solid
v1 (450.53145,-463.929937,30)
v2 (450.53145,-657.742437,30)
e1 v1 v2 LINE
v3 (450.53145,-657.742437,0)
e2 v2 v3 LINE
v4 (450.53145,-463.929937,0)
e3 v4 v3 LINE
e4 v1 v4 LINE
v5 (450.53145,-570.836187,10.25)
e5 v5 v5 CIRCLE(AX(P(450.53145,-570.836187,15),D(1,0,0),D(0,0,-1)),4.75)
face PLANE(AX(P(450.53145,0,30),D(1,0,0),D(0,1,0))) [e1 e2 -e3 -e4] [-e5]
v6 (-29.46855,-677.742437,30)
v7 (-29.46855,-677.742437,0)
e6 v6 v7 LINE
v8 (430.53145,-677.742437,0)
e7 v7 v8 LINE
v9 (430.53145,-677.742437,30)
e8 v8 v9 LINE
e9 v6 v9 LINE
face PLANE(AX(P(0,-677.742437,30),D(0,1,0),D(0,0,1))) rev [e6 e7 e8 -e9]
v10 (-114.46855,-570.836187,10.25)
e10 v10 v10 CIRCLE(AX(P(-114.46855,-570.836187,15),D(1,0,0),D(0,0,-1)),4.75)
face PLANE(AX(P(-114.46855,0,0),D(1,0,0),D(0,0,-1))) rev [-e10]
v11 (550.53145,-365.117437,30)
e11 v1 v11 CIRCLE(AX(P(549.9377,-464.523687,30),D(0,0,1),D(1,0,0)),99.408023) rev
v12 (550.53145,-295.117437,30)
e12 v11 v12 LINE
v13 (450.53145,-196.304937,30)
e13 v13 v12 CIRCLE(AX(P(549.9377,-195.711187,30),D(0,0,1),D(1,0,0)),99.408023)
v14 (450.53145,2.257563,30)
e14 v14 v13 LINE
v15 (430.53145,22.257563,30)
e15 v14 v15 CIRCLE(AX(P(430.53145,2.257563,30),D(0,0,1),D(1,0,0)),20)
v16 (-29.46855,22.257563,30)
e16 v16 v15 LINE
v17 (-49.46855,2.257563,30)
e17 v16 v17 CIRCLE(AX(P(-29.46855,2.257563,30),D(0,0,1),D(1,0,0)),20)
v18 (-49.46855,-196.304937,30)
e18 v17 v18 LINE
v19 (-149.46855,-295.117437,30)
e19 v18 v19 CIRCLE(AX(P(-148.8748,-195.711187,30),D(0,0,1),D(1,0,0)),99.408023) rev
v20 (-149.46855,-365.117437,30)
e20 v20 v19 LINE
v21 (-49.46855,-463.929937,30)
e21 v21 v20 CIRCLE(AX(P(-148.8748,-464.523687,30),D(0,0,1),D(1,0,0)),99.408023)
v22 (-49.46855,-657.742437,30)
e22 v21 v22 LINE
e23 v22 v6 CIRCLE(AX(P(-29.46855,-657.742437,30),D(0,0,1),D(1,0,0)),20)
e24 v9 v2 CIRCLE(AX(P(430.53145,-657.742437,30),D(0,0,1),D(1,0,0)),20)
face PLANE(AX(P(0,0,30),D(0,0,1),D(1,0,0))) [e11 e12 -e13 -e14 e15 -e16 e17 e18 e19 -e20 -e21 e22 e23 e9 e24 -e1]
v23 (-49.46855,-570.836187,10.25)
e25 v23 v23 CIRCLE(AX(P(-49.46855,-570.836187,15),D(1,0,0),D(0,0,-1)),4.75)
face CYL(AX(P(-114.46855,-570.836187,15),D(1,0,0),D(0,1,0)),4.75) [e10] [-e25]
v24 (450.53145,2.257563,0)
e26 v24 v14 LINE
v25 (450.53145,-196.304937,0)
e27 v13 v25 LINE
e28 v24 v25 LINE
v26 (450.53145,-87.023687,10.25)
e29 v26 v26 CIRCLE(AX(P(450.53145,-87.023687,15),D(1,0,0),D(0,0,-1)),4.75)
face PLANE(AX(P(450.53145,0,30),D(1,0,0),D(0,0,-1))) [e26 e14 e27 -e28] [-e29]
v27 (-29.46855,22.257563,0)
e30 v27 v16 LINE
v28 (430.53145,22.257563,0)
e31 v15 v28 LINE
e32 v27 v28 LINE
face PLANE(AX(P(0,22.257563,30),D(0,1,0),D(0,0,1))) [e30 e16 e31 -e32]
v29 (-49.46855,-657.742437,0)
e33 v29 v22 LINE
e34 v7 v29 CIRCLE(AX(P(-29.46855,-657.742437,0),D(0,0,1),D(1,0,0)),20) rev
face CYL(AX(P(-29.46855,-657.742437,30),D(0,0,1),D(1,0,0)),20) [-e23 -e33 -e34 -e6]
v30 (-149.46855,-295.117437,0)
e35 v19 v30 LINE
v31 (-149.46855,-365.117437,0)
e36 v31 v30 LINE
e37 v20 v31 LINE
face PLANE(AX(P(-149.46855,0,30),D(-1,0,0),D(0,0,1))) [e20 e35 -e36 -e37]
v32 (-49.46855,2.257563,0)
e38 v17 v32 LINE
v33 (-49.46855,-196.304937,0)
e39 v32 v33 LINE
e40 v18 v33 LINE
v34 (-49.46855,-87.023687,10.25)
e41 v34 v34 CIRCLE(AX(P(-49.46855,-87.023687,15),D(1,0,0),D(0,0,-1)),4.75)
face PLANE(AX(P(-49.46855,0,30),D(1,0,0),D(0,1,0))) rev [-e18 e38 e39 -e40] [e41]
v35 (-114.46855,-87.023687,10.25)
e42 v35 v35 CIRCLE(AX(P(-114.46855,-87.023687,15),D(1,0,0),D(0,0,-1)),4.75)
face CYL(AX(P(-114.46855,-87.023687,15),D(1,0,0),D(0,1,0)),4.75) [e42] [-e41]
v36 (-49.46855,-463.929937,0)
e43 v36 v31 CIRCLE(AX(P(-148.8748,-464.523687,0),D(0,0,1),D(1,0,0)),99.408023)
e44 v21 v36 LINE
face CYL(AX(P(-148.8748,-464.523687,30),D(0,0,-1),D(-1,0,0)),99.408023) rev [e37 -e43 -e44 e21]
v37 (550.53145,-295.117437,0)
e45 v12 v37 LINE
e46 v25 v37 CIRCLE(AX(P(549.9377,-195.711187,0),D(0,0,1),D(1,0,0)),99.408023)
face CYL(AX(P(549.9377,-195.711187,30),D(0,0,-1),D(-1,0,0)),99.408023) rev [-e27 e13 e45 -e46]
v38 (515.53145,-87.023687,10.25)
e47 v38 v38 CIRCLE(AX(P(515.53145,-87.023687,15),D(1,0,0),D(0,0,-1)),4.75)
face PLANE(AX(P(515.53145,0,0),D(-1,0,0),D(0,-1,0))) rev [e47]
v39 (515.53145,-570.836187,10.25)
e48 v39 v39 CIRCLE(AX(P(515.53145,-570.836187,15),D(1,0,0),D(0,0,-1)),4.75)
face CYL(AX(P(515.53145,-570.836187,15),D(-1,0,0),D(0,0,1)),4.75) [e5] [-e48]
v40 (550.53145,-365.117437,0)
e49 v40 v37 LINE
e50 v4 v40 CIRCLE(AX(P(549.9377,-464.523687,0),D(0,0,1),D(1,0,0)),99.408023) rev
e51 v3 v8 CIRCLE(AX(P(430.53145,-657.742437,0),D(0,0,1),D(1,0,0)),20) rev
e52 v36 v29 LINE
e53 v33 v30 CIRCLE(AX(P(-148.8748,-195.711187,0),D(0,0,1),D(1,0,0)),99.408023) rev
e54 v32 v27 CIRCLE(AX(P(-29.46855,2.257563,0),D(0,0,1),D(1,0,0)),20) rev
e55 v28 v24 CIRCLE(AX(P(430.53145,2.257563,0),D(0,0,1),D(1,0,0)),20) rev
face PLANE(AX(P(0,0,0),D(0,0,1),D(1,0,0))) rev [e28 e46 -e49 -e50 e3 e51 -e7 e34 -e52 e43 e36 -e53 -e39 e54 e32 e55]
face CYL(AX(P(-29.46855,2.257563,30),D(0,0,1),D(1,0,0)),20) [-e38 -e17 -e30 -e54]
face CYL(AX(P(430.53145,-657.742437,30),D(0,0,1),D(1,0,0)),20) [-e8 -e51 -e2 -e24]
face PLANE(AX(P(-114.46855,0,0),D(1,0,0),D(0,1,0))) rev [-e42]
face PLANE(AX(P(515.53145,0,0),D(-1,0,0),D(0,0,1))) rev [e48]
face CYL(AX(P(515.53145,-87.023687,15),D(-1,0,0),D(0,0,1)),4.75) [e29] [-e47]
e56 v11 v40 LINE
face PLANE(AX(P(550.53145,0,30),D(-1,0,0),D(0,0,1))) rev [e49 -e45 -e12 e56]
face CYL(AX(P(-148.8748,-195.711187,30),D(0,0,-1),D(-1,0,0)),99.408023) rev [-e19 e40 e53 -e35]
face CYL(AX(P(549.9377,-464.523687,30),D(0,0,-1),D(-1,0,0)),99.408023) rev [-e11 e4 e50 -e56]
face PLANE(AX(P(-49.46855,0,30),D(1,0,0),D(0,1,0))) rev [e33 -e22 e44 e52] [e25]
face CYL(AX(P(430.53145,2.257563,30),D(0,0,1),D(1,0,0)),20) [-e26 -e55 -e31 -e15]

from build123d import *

# Parameters (mm, degrees)
ESTRUSIONE_ESTRUSIONE2_DEPTH = 30
SCHIZZO3D1_R                 = 4.75
ESTRUSIONE_ESTRUSIONE7_DEPTH = 65
SCHIZZO3D1_5_R               = 4.75
ESTRUSIONE_ESTRUSIONE8_DEPTH = 65
RACCORDO3_R                  = 20
RACCORDO4_R                  = 20
RACCORDO5_R                  = 20
RACCORDO6_R                  = 20


with BuildPart() as part:
    # Schizzo1 → Estrusione-Estrusione2 (new body)
    with BuildSketch(Plane.XY):
        with BuildLine():
            Line((-49.46854998, 22.257563415), (450.53145002, 22.257563415))
            Line((450.53145002, 22.257563415), (450.53145002, -196.304936585))
            ThreePointArc((450.53145002, -196.304936585), (480.066711204, -266.421864704), (550.53145002, -295.117436585))
            Line((550.53145002, -295.117436585), (550.53145002, -365.117436585))
            ThreePointArc((550.53145002, -365.117436585), (480.066711204, -393.813008466), (450.53145002, -463.929936585))
            Line((450.53145002, -463.929936585), (450.53145002, -677.742436585))
            Line((450.53145002, -677.742436585), (-49.46854998, -677.742436585))
            Line((-49.46854998, -677.742436585), (-49.46854998, -463.929936585))
            ThreePointArc((-49.46854998, -463.929936585), (-79.003811164, -393.813008466), (-149.46854998, -365.117436585))
            Line((-149.46854998, -365.117436585), (-149.46854998, -295.117436585))
            ThreePointArc((-149.46854998, -295.117436585), (-79.003811164, -266.421864704), (-49.46854998, -196.304936585))
            Line((-49.46854998, -196.304936585), (-49.46854998, 22.257563415))
        make_face()
    extrude(amount=ESTRUSIONE_ESTRUSIONE2_DEPTH)

    # Schizzo3D1 → Estrusione-Estrusione7 (add)
    with BuildSketch(Plane(origin=(-114.46854998, -87.023686585, 15), x_dir=(0, -1, 0), z_dir=(-1, 0, 0))):
        with Locations(Location((0, 0, 0), (0, 0, 270))):
            Circle(SCHIZZO3D1_R)
        with Locations(Location((483.8125, 0, 0), (0, 0, 270))):
            Circle(SCHIZZO3D1_R)
    extrude(amount=-ESTRUSIONE_ESTRUSIONE7_DEPTH)

    # Schizzo3D1<5> → Estrusione-Estrusione8 (add)
    with BuildSketch(Plane(origin=(515.53145002, -87.023686585, 15), x_dir=(0, -1, 0), z_dir=(-1, 0, 0))):
        with Locations(Location((0, 0, 0), (0, 0, 270))):
            Circle(SCHIZZO3D1_5_R)
        with Locations(Location((483.8125, 0, 0), (0, 0, 270))):
            Circle(SCHIZZO3D1_5_R)
    extrude(amount=ESTRUSIONE_ESTRUSIONE8_DEPTH)

    # Raccordo3
    raccordo3_edges = [part.edges().sort_by_distance(p)[0] for p in [
        (-49.46854998, 22.257563415, 15),
    ]]
    fillet(raccordo3_edges, radius=RACCORDO3_R)

    # Raccordo4
    raccordo4_edges = [part.edges().sort_by_distance(p)[0] for p in [
        (450.53145002, 22.257563415, 15),
    ]]
    fillet(raccordo4_edges, radius=RACCORDO4_R)

    # Raccordo5
    raccordo5_edges = [part.edges().sort_by_distance(p)[0] for p in [
        (450.53145002, -677.742436585, 15),
    ]]
    fillet(raccordo5_edges, radius=RACCORDO5_R)

    # Raccordo6
    raccordo6_edges = [part.edges().sort_by_distance(p)[0] for p in [
        (-49.46854998, -677.742436585, 15),
    ]]
    fillet(raccordo6_edges, radius=RACCORDO6_R)


solid = part.part
